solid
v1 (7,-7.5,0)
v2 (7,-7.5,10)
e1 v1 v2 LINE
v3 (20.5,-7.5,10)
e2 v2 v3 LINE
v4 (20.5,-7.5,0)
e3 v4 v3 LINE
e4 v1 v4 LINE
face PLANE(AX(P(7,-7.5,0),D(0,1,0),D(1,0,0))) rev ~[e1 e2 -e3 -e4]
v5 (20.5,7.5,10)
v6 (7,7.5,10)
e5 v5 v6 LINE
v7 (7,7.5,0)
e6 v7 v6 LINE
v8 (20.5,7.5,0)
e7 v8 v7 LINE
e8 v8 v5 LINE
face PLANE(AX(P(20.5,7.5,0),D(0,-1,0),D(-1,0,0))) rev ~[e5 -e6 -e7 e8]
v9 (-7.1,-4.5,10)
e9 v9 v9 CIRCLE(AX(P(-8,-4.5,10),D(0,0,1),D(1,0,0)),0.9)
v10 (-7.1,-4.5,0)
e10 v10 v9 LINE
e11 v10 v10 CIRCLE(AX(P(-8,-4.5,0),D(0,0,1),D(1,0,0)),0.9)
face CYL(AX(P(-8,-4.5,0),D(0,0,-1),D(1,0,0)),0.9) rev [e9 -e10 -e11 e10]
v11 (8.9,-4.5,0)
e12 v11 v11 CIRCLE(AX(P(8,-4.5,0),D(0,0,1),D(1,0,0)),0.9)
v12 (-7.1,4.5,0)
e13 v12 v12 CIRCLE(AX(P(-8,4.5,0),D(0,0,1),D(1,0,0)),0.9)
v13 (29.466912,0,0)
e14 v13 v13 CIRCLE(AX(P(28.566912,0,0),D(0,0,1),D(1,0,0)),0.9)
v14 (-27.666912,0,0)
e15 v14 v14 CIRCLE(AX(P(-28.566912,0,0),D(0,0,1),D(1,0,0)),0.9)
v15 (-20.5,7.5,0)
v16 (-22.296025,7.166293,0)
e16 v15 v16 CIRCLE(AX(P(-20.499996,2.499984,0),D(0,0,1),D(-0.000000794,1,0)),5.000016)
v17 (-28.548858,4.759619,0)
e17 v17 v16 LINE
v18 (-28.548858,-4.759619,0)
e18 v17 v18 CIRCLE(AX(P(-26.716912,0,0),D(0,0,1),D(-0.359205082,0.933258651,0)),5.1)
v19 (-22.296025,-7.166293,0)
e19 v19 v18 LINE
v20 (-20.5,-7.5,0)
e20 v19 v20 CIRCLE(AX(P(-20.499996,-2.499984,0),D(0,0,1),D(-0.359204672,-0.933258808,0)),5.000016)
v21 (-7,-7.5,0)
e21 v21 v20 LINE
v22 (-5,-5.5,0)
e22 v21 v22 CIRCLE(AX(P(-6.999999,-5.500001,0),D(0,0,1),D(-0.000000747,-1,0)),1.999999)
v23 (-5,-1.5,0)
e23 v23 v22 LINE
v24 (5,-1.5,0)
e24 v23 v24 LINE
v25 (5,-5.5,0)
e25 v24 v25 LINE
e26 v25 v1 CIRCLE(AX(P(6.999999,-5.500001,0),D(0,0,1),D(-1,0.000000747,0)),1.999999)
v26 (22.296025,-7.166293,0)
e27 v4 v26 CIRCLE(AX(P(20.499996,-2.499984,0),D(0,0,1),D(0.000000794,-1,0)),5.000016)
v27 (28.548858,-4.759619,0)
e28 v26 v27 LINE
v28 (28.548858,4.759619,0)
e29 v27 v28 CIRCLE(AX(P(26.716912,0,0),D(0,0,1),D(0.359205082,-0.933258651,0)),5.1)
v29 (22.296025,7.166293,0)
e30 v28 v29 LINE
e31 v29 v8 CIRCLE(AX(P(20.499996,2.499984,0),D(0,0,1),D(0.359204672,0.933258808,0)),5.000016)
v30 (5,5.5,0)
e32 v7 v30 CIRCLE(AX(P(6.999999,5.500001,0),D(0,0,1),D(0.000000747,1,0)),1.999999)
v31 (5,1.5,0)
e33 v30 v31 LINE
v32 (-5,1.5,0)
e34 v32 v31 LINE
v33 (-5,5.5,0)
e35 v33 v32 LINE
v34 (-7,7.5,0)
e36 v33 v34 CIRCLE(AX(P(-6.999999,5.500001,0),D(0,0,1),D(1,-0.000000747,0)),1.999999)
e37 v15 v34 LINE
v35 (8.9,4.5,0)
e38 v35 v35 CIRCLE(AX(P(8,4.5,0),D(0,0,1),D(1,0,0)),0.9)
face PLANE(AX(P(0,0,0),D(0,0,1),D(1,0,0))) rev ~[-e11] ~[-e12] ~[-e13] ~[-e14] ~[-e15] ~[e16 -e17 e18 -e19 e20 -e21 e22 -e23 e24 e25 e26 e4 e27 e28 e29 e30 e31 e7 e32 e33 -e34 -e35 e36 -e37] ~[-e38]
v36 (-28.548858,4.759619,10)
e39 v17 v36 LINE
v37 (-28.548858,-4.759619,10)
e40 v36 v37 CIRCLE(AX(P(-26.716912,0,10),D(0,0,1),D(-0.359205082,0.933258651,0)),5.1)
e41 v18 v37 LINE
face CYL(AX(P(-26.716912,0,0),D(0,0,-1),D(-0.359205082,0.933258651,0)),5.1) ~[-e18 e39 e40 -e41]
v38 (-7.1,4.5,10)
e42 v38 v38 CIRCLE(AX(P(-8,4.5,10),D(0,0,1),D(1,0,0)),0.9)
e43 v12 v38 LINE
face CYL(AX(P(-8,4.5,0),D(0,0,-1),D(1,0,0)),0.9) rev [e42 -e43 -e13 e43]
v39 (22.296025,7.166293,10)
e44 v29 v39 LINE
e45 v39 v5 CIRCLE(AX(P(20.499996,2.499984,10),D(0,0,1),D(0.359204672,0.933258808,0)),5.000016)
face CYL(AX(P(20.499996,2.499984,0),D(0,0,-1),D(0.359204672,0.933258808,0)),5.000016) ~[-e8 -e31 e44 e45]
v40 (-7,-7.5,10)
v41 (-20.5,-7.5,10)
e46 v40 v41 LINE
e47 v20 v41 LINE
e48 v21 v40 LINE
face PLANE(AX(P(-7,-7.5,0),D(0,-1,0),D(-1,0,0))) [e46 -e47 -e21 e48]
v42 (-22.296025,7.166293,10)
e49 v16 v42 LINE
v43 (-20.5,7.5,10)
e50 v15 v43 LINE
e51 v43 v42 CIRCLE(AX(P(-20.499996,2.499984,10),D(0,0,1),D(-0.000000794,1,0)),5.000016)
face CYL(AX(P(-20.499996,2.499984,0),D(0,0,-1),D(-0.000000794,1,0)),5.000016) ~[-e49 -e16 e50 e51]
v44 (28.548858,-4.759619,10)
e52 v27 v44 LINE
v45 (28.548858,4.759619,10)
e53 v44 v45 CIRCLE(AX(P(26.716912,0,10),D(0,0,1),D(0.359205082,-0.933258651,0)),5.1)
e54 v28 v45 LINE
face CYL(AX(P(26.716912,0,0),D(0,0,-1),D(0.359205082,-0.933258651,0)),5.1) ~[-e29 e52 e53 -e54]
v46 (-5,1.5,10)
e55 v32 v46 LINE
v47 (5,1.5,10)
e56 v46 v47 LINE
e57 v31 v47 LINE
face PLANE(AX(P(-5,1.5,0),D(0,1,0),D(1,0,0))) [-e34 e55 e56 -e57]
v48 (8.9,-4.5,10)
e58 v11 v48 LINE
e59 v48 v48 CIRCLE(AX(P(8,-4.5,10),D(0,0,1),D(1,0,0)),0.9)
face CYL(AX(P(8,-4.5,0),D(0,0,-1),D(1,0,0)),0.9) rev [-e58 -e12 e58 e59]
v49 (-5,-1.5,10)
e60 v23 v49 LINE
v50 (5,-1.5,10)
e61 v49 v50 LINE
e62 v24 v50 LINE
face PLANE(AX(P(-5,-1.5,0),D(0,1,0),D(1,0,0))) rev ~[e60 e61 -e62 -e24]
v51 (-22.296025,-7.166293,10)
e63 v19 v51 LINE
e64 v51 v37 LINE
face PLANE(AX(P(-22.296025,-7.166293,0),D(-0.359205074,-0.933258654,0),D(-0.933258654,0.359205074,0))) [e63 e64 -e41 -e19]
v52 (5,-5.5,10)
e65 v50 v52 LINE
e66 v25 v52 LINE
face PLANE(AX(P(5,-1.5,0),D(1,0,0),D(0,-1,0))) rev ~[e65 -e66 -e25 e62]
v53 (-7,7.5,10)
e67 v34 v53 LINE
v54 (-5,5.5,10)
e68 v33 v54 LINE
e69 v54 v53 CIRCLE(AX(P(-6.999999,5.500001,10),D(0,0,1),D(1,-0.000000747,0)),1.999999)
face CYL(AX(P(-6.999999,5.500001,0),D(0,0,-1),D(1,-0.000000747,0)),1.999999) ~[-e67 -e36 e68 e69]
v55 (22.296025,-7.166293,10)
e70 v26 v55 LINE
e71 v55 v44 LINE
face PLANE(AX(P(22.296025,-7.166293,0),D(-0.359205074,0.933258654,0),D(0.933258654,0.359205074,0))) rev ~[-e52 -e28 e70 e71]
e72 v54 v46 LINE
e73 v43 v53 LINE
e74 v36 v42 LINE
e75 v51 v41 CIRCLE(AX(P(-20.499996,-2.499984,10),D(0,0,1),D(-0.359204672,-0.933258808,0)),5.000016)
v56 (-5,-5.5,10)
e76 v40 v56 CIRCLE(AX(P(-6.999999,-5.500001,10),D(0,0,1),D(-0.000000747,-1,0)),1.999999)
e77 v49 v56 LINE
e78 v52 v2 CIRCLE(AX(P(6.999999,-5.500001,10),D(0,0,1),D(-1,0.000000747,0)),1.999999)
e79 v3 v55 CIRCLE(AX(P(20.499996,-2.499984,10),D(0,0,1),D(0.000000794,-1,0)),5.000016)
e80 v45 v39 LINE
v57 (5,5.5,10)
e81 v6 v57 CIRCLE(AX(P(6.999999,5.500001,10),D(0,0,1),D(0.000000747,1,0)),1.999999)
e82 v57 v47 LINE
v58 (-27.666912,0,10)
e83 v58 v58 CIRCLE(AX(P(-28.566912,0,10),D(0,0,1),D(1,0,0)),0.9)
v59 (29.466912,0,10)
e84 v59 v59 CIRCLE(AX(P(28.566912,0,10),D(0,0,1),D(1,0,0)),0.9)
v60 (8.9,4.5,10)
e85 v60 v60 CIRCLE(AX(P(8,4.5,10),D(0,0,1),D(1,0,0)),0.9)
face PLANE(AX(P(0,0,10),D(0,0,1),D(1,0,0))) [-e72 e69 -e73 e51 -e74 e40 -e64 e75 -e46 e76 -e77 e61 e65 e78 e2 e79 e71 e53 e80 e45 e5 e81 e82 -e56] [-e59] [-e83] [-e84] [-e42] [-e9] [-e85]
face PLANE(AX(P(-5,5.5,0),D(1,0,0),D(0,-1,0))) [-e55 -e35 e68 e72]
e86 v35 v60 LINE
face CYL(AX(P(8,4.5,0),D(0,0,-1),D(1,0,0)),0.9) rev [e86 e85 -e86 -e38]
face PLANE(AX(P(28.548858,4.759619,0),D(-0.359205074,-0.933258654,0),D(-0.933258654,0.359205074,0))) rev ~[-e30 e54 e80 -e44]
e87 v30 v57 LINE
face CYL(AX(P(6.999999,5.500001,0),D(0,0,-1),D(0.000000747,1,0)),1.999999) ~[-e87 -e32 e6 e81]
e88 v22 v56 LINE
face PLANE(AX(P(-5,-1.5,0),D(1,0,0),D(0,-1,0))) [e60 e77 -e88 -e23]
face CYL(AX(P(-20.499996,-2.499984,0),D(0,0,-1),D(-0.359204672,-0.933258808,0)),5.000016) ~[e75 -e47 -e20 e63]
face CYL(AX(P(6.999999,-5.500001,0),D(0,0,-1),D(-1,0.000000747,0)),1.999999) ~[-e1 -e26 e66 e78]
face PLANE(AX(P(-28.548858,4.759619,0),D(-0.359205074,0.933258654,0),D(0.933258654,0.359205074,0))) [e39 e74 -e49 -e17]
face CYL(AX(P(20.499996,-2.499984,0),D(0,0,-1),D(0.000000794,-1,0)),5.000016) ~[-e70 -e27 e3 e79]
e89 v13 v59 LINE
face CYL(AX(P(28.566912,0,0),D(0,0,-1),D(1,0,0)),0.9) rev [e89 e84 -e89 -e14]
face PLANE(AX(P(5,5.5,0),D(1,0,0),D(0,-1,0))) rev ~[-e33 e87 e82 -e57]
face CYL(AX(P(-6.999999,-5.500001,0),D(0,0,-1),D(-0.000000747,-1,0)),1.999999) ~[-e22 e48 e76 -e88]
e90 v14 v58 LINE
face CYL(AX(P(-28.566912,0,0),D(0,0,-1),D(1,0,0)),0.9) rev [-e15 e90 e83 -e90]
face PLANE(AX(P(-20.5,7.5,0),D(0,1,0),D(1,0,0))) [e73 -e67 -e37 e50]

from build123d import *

# Parameters (mm, degrees)
SKETCH_R  = 0.9
PAD_DEPTH = 10


with BuildPart() as part:
    # Sketch (on XY_Plane of Origin) → Pad (new body)
    with BuildSketch(Plane.XY):
        with BuildLine():
            ThreePointArc((5, -5.5), (5.585786, -6.914214), (7, -7.5))
            Line((7, -7.5), (20.5, -7.5))
            ThreePointArc((20.5, -7.5), (21.413382, -7.415865), (22.296025, -7.166293))
            Line((22.296025, -7.166293), (28.548858, -4.759619))
            ThreePointArc((28.548858, -4.759619), (31.816912, 0), (28.548858, 4.759619))
            Line((28.548858, 4.759619), (22.296025, 7.166293))
            ThreePointArc((22.296025, 7.166293), (21.413382, 7.415865), (20.5, 7.5))
            Line((20.5, 7.5), (7, 7.5))
            ThreePointArc((7, 7.5), (5.585786, 6.914214), (5, 5.5))
            Line((5, 5.5), (5, 1.5))
            Line((-5, 1.5), (5, 1.5))
            Line((-5, 5.5), (-5, 1.5))
            ThreePointArc((-5, 5.5), (-5.585786, 6.914214), (-7, 7.5))
            Line((-20.5, 7.5), (-7, 7.5))
            ThreePointArc((-20.5, 7.5), (-21.413382, 7.415865), (-22.296025, 7.166293))
            Line((-28.548858, 4.759619), (-22.296025, 7.166293))
            ThreePointArc((-28.548858, 4.759619), (-31.816912, 0), (-28.548858, -4.759619))
            Line((-22.296025, -7.166293), (-28.548858, -4.759619))
            ThreePointArc((-22.296025, -7.166293), (-21.413382, -7.415865), (-20.5, -7.5))
            Line((-7, -7.5), (-20.5, -7.5))
            ThreePointArc((-7, -7.5), (-5.585786, -6.914214), (-5, -5.5))
            Line((-5, -1.5), (-5, -5.5))
            Line((-5, -1.5), (5, -1.5))
            Line((5, -1.5), (5, -5.5))
        make_face()
        with Locations((8, 4.5)):
            Circle(SKETCH_R, mode=Mode.SUBTRACT)
        with Locations((8, -4.5)):
            Circle(SKETCH_R, mode=Mode.SUBTRACT)
        with Locations((28.566912, 0)):
            Circle(SKETCH_R, mode=Mode.SUBTRACT)
        with Locations((-8, 4.5)):
            Circle(SKETCH_R, mode=Mode.SUBTRACT)
        with Locations((-8, -4.5)):
            Circle(SKETCH_R, mode=Mode.SUBTRACT)
        with Locations((-28.566912, 0)):
            Circle(SKETCH_R, mode=Mode.SUBTRACT)
    extrude(amount=PAD_DEPTH)


solid = part.part
